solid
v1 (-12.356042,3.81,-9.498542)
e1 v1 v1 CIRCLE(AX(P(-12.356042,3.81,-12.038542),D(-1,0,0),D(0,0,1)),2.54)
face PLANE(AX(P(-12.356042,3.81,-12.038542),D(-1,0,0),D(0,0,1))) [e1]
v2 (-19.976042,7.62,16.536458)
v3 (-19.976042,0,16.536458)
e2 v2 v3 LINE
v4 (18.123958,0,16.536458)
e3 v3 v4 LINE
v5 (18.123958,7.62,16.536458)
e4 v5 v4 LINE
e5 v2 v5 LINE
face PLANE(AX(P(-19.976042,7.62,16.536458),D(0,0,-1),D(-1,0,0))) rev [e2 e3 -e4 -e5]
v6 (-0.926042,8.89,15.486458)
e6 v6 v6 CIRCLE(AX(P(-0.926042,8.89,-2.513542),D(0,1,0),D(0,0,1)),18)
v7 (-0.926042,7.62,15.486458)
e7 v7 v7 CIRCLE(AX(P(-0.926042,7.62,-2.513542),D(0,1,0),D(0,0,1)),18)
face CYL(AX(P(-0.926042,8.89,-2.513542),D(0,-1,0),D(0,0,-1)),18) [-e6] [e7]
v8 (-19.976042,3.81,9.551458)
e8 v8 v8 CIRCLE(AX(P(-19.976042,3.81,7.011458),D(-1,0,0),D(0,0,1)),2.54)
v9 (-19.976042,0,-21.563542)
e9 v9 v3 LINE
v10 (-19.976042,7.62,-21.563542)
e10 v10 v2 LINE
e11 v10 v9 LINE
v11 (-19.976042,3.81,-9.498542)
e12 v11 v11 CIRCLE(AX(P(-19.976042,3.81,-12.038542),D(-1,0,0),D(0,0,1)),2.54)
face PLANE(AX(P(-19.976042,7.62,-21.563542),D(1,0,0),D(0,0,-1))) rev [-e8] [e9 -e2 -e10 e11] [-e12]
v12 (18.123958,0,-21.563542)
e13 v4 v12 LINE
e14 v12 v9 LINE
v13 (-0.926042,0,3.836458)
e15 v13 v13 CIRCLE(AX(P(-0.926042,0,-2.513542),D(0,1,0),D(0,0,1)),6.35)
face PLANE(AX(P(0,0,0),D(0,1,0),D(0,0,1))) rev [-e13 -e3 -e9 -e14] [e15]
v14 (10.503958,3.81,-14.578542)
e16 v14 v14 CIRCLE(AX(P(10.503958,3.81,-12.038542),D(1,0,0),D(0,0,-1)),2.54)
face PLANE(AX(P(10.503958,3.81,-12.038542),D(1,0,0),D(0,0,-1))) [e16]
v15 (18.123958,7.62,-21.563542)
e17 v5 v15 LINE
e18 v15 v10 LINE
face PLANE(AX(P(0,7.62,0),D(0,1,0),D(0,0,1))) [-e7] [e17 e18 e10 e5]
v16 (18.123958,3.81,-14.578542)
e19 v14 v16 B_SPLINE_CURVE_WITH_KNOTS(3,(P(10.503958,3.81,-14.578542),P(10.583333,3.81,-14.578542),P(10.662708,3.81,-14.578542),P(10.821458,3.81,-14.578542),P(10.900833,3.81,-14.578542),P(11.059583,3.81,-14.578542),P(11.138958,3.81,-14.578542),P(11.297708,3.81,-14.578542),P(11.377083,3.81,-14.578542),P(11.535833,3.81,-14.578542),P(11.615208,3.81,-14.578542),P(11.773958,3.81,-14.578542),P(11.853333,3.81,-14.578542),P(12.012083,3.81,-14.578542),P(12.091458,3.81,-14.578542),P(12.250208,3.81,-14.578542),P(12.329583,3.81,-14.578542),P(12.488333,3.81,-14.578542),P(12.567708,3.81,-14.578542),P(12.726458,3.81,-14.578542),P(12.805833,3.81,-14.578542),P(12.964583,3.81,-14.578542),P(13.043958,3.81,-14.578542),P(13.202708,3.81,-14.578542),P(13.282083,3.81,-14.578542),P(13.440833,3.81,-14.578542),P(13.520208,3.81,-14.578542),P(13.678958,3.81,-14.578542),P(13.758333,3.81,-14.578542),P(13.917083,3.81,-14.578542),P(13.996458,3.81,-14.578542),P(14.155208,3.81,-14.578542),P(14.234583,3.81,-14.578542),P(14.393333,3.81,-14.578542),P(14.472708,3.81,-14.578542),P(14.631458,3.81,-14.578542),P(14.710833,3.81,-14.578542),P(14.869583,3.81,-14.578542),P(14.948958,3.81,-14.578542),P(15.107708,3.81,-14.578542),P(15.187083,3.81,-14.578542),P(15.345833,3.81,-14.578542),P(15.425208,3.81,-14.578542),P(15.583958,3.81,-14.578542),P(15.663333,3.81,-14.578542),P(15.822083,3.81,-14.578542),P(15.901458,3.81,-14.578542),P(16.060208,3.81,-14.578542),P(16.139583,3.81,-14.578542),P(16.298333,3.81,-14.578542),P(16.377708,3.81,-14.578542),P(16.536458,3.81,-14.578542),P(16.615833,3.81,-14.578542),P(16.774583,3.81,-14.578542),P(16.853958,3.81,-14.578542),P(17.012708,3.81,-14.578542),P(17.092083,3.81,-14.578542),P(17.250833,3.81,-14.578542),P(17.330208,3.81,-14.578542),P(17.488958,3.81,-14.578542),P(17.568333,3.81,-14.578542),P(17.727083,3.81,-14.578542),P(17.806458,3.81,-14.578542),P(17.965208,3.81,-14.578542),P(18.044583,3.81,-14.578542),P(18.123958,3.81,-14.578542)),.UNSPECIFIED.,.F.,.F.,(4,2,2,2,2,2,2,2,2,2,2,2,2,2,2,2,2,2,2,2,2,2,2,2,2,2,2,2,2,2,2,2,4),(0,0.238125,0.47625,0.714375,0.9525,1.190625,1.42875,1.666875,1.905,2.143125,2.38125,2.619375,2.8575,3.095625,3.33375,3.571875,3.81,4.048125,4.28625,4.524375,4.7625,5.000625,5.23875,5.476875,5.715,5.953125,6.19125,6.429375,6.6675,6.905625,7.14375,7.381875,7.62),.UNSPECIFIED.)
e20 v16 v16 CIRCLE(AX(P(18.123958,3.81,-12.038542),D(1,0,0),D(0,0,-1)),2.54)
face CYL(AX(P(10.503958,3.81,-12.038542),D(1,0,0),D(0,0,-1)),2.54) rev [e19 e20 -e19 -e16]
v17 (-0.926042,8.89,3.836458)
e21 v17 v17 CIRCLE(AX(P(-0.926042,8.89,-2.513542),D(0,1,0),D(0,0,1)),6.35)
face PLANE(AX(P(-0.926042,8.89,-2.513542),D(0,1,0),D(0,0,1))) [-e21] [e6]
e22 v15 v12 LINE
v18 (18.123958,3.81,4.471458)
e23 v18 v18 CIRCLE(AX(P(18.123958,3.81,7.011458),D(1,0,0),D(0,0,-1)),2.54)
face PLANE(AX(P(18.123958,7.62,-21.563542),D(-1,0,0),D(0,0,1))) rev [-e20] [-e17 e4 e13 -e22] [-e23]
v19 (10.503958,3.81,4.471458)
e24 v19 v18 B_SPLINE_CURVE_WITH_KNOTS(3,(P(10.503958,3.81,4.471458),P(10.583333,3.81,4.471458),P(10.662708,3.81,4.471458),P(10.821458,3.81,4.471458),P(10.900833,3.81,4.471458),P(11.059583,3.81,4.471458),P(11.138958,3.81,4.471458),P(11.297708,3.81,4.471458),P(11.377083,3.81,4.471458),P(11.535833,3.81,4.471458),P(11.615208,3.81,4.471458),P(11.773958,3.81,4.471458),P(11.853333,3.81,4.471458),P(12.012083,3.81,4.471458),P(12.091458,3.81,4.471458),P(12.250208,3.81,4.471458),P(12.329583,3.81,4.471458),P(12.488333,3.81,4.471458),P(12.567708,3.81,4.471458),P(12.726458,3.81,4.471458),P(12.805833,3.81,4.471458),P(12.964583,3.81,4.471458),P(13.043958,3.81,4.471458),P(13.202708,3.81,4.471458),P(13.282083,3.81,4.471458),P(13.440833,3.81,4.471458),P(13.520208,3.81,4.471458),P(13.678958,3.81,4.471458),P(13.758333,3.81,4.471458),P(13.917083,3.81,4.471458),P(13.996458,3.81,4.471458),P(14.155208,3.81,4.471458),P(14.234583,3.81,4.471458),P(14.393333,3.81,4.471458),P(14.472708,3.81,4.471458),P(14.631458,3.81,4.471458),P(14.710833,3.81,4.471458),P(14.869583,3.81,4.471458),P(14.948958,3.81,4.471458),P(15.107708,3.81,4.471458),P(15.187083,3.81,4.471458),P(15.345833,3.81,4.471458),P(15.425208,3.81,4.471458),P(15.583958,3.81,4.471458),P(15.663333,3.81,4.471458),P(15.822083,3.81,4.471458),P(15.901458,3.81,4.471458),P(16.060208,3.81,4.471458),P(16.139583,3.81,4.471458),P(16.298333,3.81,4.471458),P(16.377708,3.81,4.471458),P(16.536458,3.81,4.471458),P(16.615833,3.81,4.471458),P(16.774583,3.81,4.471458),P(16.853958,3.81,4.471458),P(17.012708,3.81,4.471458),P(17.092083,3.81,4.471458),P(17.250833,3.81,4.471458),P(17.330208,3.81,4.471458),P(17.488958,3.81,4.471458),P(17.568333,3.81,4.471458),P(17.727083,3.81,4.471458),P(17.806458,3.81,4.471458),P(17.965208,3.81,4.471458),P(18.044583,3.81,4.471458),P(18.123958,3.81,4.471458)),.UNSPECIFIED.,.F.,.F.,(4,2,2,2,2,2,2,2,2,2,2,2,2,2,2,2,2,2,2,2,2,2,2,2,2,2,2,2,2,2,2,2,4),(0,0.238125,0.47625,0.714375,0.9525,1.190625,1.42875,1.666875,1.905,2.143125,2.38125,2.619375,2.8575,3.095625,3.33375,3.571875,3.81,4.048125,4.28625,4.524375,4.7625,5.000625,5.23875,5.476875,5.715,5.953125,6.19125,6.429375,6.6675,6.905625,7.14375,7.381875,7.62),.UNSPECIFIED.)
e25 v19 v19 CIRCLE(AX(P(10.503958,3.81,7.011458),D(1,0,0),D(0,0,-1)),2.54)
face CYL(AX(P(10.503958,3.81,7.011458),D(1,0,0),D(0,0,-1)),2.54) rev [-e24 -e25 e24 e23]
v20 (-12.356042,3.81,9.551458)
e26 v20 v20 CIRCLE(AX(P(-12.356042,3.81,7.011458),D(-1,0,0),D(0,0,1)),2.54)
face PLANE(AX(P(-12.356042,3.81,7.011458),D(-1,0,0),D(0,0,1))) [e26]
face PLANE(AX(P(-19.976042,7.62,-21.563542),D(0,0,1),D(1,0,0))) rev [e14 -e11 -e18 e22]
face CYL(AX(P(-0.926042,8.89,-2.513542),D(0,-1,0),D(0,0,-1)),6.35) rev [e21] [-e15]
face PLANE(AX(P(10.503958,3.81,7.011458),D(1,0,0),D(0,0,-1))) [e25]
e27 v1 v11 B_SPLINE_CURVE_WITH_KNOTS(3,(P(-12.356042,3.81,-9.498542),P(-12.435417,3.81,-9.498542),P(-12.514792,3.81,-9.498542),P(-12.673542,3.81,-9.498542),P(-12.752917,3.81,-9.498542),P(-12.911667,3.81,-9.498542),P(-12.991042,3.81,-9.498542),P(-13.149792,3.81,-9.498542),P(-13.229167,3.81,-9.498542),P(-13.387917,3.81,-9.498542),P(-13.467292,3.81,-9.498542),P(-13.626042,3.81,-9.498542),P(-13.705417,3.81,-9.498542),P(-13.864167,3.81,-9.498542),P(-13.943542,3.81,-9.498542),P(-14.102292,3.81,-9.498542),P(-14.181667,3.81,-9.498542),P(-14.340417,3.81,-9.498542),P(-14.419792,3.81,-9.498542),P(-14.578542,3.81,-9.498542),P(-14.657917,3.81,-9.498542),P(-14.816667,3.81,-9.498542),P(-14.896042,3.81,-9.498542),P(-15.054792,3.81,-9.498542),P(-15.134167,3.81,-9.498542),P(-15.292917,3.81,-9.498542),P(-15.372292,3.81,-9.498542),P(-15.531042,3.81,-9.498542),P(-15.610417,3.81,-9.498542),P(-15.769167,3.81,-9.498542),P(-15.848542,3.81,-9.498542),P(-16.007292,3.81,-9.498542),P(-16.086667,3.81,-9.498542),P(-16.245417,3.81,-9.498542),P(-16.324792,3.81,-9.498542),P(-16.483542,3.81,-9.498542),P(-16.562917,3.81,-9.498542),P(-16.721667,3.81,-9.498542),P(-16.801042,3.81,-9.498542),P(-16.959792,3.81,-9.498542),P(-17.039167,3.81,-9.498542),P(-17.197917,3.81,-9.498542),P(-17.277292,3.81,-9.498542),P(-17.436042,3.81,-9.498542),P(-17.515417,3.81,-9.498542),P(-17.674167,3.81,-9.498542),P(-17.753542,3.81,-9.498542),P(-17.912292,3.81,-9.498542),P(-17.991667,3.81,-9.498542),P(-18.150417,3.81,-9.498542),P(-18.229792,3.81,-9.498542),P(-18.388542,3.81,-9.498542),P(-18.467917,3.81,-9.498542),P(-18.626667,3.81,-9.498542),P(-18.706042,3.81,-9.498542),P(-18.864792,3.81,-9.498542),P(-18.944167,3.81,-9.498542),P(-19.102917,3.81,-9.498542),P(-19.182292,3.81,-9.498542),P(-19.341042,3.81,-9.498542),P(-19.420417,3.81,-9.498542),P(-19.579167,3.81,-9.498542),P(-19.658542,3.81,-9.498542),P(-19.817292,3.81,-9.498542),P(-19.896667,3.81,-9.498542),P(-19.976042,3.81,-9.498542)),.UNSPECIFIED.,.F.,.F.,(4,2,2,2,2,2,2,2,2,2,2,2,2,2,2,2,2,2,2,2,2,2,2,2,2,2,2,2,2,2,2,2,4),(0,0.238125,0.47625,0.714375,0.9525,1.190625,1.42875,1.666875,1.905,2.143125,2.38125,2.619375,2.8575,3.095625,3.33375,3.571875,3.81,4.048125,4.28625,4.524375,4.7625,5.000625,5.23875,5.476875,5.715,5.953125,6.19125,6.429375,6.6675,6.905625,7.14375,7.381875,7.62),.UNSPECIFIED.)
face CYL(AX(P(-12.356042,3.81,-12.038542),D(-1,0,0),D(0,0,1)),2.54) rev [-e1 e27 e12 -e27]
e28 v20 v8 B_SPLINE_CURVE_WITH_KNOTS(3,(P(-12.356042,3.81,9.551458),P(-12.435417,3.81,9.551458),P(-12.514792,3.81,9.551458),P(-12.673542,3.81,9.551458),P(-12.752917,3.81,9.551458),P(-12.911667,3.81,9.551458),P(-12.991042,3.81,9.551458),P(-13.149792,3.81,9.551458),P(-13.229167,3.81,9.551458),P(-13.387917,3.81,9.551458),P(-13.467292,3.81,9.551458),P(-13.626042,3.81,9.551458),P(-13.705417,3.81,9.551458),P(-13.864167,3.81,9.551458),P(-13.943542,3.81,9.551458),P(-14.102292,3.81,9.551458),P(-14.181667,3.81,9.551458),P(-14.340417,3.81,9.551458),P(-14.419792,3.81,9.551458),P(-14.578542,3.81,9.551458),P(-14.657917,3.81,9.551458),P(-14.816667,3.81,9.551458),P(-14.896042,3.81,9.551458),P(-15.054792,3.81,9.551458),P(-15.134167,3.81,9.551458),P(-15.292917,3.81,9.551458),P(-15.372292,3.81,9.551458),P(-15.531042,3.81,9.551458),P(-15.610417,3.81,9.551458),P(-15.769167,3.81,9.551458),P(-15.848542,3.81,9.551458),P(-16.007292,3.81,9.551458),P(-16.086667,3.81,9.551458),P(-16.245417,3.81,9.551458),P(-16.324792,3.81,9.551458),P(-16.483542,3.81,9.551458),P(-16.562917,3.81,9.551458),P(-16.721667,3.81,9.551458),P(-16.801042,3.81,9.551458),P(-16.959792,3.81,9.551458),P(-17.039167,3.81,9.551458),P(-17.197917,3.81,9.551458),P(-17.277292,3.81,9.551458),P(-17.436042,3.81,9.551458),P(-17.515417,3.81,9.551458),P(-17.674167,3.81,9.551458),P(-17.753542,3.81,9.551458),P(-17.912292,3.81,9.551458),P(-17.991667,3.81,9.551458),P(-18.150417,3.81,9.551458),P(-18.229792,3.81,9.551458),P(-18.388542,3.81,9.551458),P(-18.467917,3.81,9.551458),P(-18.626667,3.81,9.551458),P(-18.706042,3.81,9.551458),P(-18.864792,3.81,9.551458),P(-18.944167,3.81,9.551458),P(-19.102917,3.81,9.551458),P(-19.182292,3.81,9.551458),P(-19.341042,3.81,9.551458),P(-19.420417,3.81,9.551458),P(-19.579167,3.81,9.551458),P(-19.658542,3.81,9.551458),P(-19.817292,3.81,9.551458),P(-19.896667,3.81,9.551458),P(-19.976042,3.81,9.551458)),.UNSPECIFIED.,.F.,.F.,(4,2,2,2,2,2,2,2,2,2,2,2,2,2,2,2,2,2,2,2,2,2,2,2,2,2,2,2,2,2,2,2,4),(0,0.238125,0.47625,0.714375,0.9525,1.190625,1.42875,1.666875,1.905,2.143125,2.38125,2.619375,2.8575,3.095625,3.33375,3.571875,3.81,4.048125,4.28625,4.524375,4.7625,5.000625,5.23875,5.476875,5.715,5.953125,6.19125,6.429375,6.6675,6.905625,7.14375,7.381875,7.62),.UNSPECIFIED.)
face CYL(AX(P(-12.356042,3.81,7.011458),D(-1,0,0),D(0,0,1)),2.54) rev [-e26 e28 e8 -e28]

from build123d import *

# Parameters (mm, degrees)
SKETCH1_W           = 38.1
SKETCH1_H           = 38.1
BOSS_EXTRUDE1_DEPTH = 7.62
SKETCH2_R           = 18
SKETCH2_R_2         = 6.35
BOSS_EXTRUDE2_DEPTH = 1.27
SKETCH5_R           = 6.35
CUT_EXTRUDE1_DEPTH  = 31.365983763
SKETCH4_R           = 2.54
CUT_EXTRUDE2_DEPTH  = 7.62
CUT_EXTRUDE3_START  = -7.62
SKETCH6_R           = 2.54
CUT_EXTRUDE3_DEPTH  = 7.62


with BuildPart() as part:
    # Sketch1 → Boss-Extrude1 (new body)
    with BuildSketch(Plane(origin=(0, 0, 0), x_dir=(1, 0, 0), z_dir=(0, 1, 0))):
        with Locations((-0.926041667, 2.513541667)):
            Rectangle(SKETCH1_W, SKETCH1_H)
    extrude(amount=BOSS_EXTRUDE1_DEPTH)

    # Sketch2 → Boss-Extrude2 (add)
    with BuildSketch(Plane(origin=(0, 7.62, 0), x_dir=(1, 0, 0), z_dir=(0, 1, 0))):
        with Locations(Location((-0.926041667, 2.513541667, 0), (0, 0, 270))):
            Circle(SKETCH2_R)
        with Locations(Location((-0.926041667, 2.513541667, 0), (0, 0, 270))):
            Circle(SKETCH2_R_2, mode=Mode.SUBTRACT)
    extrude(amount=BOSS_EXTRUDE2_DEPTH)

    # Sketch5 → Cut-Extrude1 (cut, through all)
    with BuildSketch(Plane(origin=(0, 7.62, 0), x_dir=(1, 0, 0), z_dir=(0, 1, 0))):
        with Locations(Location((-0.926041667, 2.513541667, 0), (0, 0, 270))):
            Circle(SKETCH5_R)
    extrude(amount=-CUT_EXTRUDE1_DEPTH, mode=Mode.SUBTRACT)

    # Sketch4 → Cut-Extrude2 (cut)
    with BuildSketch(Plane.ZY.offset(19.976041667)):
        with Locations((-12.038541667, 3.81)):
            Circle(SKETCH4_R)
        with Locations((7.011458333, 3.81)):
            Circle(SKETCH4_R)
    extrude(amount=-CUT_EXTRUDE2_DEPTH, mode=Mode.SUBTRACT)

    # Sketch6 → Cut-Extrude3 (cut)
    with BuildSketch(Plane(origin=(18.123958333, 0, 0), x_dir=(0, 0, -1), z_dir=(1, 0, 0)).offset(CUT_EXTRUDE3_START)):
        with Locations(Location((-7.011458333, 3.81, 0), (0, 0, 180))):
            Circle(SKETCH6_R)
        with Locations(Location((12.038541667, 3.81, 0), (0, 0, 180))):
            Circle(SKETCH6_R)
    extrude(amount=CUT_EXTRUDE3_DEPTH, mode=Mode.SUBTRACT)


solid = part.part
